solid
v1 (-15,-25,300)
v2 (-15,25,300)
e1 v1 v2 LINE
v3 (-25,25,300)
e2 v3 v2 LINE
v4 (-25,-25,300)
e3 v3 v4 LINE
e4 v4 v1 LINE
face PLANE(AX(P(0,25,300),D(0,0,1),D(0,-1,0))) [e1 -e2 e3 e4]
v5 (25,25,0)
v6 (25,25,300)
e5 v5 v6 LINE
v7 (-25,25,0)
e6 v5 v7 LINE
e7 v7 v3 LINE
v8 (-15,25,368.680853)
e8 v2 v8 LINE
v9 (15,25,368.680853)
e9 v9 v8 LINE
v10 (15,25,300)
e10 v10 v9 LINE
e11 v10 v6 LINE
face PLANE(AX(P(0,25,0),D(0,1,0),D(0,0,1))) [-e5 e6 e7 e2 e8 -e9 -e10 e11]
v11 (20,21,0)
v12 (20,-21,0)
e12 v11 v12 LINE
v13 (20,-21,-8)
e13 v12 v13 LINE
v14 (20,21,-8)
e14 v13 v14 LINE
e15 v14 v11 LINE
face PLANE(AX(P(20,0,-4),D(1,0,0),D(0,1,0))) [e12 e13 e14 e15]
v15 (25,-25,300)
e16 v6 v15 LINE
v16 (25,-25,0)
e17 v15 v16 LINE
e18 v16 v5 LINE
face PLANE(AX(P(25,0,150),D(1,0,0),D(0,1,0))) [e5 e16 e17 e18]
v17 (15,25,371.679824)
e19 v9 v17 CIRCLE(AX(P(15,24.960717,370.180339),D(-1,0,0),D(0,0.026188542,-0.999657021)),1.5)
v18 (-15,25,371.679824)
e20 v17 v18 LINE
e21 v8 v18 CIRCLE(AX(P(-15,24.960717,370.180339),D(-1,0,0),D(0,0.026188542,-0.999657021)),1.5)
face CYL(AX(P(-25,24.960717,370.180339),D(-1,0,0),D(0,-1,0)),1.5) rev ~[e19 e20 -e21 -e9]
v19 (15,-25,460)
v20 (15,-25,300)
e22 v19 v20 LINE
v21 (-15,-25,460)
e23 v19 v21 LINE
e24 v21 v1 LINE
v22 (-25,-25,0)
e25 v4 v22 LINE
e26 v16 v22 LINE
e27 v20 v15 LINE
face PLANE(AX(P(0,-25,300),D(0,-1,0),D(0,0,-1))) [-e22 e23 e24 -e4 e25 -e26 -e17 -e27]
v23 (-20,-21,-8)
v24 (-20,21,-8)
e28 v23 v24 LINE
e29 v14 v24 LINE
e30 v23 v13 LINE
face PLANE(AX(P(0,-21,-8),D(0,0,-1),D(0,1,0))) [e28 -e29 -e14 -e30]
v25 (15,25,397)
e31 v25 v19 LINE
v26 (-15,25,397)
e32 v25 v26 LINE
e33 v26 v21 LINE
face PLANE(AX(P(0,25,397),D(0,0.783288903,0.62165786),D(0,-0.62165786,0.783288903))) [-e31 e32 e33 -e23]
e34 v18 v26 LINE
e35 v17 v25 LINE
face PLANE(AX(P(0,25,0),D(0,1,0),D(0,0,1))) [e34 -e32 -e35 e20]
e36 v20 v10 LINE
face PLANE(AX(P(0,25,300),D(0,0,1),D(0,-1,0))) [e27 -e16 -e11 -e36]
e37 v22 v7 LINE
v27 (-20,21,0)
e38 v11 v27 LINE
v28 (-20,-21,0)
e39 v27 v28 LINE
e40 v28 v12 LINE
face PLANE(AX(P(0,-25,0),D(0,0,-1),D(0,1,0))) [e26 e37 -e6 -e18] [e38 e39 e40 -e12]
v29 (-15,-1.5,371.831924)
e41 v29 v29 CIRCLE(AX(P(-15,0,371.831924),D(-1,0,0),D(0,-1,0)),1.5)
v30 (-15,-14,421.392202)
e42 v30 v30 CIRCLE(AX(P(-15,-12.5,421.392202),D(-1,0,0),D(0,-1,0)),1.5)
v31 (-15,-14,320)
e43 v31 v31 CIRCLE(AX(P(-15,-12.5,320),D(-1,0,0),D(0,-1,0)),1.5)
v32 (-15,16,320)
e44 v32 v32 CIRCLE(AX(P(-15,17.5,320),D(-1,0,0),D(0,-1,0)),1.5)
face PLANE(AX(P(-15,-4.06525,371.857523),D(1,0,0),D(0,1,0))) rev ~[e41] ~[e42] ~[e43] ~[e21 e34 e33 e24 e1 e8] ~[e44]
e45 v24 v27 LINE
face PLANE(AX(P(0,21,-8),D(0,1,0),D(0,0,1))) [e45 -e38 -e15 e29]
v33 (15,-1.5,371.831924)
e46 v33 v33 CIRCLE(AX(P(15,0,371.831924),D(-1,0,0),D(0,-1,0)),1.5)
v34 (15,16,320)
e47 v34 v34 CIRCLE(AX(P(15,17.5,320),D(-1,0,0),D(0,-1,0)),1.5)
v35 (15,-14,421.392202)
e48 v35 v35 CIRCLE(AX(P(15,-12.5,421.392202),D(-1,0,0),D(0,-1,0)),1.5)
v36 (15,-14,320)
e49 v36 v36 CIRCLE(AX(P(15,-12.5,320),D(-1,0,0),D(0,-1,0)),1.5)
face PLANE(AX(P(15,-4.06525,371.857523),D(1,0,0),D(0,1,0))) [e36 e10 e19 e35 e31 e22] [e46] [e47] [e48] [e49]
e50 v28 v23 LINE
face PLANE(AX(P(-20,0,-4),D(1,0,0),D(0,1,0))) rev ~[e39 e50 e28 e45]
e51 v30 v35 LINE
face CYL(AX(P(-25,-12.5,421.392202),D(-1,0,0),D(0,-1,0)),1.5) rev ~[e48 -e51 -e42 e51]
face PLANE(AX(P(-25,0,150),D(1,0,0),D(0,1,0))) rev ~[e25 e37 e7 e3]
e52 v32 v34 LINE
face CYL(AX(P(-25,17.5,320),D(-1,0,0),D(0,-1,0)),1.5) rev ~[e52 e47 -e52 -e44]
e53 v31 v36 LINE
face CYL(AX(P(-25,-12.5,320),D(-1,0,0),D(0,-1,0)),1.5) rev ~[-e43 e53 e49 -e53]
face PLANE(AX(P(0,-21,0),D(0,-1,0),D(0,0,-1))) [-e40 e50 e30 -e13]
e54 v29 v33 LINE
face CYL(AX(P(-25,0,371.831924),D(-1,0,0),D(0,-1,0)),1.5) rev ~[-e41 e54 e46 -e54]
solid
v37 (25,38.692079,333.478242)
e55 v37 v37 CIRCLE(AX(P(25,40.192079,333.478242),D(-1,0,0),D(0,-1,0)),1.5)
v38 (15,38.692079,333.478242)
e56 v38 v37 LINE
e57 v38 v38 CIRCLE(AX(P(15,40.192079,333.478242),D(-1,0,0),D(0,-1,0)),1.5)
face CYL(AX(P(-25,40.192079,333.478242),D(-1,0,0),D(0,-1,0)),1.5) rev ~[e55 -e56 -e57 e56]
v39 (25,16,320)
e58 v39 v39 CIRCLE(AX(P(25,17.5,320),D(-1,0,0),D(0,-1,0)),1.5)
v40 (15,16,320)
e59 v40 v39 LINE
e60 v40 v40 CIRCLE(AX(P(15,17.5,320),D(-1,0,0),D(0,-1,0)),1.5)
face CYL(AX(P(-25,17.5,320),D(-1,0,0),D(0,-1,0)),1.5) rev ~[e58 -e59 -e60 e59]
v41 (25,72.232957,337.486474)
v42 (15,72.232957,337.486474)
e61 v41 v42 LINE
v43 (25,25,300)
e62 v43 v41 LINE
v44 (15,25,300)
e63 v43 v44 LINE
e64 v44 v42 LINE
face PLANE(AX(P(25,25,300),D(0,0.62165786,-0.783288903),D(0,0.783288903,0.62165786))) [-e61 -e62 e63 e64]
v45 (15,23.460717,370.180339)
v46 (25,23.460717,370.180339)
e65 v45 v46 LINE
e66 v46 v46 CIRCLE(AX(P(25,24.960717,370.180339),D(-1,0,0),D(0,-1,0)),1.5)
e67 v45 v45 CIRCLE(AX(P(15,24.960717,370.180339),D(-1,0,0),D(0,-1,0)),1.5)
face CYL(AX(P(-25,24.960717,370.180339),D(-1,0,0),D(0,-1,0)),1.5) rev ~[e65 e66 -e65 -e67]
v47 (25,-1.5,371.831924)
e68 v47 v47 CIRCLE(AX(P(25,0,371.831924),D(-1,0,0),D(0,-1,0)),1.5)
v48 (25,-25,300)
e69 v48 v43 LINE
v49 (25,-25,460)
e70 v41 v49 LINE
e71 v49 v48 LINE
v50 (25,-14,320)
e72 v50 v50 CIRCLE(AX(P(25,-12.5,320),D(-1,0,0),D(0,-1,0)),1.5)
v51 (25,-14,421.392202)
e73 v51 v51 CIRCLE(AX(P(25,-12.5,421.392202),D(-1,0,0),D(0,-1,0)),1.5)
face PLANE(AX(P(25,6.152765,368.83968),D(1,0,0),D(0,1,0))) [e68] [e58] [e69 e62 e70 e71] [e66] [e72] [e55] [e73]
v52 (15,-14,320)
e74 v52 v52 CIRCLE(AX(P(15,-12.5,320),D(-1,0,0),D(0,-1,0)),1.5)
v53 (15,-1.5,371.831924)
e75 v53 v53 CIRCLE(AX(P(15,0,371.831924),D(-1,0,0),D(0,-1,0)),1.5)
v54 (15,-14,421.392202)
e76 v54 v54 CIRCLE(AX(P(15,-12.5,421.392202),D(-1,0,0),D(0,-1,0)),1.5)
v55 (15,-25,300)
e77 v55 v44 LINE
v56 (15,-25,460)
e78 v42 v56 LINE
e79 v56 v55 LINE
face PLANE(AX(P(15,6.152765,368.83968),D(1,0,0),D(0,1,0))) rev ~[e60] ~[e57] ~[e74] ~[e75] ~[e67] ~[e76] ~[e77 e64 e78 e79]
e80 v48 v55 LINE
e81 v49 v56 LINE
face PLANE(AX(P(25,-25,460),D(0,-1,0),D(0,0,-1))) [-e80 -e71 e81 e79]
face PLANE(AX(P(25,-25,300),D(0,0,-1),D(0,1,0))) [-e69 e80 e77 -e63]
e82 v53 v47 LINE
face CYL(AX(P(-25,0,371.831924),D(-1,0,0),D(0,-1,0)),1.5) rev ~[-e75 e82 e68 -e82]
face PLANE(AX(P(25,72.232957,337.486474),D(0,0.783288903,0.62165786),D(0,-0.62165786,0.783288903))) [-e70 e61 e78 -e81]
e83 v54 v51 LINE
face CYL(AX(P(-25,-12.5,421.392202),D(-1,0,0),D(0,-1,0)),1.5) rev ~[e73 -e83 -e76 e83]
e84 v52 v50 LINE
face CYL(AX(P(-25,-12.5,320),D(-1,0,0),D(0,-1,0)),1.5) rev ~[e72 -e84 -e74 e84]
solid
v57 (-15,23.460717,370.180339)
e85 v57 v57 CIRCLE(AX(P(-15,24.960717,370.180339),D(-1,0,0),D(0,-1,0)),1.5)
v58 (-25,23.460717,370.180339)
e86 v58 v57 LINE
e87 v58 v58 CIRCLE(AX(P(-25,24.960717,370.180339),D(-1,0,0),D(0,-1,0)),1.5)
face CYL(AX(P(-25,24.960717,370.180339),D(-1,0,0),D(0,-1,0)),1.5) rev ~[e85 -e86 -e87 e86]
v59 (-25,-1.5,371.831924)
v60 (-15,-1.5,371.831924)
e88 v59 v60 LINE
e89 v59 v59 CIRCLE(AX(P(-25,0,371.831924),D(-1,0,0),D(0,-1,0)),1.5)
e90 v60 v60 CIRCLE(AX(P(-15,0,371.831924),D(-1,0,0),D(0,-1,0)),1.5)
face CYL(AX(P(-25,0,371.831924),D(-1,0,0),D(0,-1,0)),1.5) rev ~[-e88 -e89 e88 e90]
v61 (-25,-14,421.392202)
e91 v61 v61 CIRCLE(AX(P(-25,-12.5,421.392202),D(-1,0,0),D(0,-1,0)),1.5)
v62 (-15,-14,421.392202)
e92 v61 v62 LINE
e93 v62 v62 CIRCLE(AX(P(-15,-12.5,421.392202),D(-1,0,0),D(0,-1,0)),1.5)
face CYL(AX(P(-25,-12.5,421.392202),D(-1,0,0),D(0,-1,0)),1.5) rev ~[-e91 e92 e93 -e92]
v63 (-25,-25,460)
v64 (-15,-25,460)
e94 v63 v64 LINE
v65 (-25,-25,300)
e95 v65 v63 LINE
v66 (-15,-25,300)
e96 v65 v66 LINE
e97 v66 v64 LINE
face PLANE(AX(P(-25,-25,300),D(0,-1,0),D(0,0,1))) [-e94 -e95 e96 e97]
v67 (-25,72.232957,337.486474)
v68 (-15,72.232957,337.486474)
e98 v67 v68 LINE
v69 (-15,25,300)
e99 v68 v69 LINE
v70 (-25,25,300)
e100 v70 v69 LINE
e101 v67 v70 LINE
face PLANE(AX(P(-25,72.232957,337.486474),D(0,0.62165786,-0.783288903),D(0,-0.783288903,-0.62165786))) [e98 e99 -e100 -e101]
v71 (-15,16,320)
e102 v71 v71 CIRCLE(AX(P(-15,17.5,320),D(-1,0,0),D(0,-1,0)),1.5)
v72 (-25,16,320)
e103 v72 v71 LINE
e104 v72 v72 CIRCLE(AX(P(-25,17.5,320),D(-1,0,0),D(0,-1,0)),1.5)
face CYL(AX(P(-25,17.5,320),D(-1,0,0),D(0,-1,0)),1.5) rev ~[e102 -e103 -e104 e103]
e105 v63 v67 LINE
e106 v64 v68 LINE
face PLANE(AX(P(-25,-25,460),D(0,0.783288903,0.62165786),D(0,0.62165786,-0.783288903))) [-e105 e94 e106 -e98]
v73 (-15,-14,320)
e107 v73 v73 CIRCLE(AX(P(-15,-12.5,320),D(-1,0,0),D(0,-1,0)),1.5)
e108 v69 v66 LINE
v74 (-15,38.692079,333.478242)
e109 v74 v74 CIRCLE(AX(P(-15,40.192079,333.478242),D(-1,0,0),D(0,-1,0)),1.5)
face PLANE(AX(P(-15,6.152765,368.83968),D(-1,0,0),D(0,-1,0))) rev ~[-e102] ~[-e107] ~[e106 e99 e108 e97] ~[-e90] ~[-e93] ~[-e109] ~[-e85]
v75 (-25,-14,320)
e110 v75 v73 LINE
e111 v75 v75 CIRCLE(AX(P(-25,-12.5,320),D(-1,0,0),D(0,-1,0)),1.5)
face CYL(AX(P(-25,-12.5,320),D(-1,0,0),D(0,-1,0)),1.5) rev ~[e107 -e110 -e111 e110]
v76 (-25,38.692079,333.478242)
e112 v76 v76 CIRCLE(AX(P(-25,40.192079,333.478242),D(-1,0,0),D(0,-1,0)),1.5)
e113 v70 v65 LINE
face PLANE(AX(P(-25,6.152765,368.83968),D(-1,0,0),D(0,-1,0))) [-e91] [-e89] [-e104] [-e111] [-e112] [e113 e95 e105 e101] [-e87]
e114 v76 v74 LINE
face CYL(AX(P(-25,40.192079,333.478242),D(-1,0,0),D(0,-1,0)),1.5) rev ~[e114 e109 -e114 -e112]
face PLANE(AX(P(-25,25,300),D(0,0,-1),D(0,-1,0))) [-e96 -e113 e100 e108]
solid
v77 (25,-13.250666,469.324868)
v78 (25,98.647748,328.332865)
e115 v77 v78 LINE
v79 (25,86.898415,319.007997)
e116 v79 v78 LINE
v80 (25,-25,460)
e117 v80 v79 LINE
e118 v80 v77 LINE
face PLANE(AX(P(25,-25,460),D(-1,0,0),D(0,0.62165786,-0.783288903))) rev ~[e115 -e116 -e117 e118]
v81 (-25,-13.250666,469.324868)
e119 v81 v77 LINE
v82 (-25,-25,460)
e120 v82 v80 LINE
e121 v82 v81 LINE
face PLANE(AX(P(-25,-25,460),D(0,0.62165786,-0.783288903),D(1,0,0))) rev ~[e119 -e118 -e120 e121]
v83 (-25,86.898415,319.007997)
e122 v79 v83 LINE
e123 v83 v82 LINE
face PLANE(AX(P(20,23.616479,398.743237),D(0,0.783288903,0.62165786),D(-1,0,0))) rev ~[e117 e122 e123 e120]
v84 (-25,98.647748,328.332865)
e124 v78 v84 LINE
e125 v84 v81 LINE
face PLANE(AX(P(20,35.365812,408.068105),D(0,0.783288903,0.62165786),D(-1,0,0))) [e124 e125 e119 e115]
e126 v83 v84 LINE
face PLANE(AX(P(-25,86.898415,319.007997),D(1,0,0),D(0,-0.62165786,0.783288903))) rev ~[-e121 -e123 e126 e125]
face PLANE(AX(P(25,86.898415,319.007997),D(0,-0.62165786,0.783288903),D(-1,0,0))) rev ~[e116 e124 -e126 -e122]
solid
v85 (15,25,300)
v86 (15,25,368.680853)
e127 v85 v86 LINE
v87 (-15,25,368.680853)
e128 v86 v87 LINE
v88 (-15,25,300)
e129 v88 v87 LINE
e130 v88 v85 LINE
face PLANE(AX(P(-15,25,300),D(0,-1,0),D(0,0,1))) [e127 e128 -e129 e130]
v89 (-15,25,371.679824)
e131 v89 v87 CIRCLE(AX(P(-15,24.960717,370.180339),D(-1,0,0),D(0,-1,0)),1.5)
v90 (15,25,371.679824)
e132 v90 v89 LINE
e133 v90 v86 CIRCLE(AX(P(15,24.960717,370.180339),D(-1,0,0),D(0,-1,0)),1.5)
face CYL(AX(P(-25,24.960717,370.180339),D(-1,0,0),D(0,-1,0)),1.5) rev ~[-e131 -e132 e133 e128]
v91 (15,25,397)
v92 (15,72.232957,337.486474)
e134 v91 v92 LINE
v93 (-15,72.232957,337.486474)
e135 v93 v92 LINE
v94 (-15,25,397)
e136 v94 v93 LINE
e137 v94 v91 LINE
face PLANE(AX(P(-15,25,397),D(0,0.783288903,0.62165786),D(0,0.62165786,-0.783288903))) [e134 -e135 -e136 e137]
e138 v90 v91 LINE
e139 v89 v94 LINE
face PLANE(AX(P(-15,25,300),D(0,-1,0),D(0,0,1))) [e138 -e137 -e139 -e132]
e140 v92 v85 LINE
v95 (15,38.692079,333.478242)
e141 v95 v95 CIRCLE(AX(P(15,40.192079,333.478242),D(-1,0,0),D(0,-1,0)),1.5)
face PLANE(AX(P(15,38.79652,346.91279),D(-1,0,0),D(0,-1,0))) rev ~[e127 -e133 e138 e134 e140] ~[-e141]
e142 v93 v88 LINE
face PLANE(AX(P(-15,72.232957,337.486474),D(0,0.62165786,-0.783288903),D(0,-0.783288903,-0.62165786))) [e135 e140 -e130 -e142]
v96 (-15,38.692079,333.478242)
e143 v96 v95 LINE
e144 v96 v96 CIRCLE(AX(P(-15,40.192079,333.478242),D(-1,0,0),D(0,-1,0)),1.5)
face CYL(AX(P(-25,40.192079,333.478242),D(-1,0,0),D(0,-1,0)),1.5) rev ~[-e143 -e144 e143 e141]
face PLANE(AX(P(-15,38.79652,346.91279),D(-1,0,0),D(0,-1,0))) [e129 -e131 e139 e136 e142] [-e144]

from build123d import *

# Parameters (mm, degrees)
F1_DEPTH  = 20
F2_DEPTH  = 25
F3_DEPTH  = 15
F5_DEPTH  = 30
F7_DEPTH  = 10
F9_DEPTH  = 10
F10_R     = 1.5
F11_DEPTH = 50.001
F12_W     = 30
F12_H     = 80.4300938704
F12_H_2   = 75.9790235959
F13_DEPTH = 15


with BuildPart() as f1:
    # F0 (on Right) → F1 (new body, symmetric)
    with BuildSketch(Plane.YZ):
        Polygon((21, 0), (0, 0), (-21, 0), (-21, -8), (0, -8), (21, -8), align=None)
    extrude(amount=F1_DEPTH, both=True)

    # F0 (on Right) → F2 (join, symmetric)
    with BuildSketch(Plane.YZ):
        Polygon((-21, 0), (0, 0), (21, 0), (25, 0), (25, 300), (-25, 300), (-25, 0), align=None)
    extrude(amount=F2_DEPTH, both=True)

    # F0 (on Right) → F3 (join, symmetric)
    with BuildSketch(Plane.YZ):
        Polygon((-25, 460), (-25, 300), (25, 300), (25, 397), align=None)
    extrude(amount=F3_DEPTH, both=True)


with BuildPart() as f5:
    # F4 (on face) → F5 (new body)
    with BuildSketch(Plane(origin=(-15, 0, 0), x_dir=(0, -1, 0), z_dir=(-1, 0, 0))):
        Polygon((-25, 300), (-25, 397), (-72.2329571804, 337.4864739527), align=None)
    extrude(amount=-F5_DEPTH)


with BuildPart() as f7:
    # F6 (on face) → F7 (new body)
    with BuildSketch(Plane(origin=(-25, 0, 0), x_dir=(0, -1, 0), z_dir=(-1, 0, 0))):
        Polygon((-25, 300), (25, 300), (25, 460), (-25, 397), (-72.2329571804, 337.4864739527), align=None)
    extrude(amount=-F7_DEPTH)


with BuildPart() as f9:
    # F8 (on face) → F9 (new body)
    with BuildSketch(Plane.YZ.offset(25)):
        Polygon((25, 397), (-25, 460), (-25, 300), (25, 300), (72.2329571804, 337.4864739527), align=None)
    extrude(amount=-F9_DEPTH)


with BuildPart() as f11_tool:
    # F10 (on face) → F11 (new body, through all)
    with BuildSketch(Plane(origin=(-25, 0, 0), x_dir=(0, -1, 0), z_dir=(-1, 0, 0))):
        with Locations((-40.192078799, 333.4782421589)):
            Circle(F10_R)
        with Locations((-17.5, 320)):
            Circle(F10_R)
        with Locations((12.5, 320)):
            Circle(F10_R)
        with Locations((0, 371.8319237232)):
            Circle(F10_R)
        with Locations((-24.9607171863, 370.1803386211)):
            Circle(F10_R)
        with Locations((12.5, 421.3922023773)):
            Circle(F10_R)
    extrude(amount=-F11_DEPTH)


with BuildPart() as f1_1:
    add(f1.part)

    # F11: cut by f11_tool
    add(f11_tool.part, mode=Mode.SUBTRACT)


with BuildPart() as f5_1:
    add(f5.part)

    # F11: cut by f11_tool
    add(f11_tool.part, mode=Mode.SUBTRACT)


with BuildPart() as f7_1:
    add(f7.part)

    # F11: cut by f11_tool
    add(f11_tool.part, mode=Mode.SUBTRACT)


with BuildPart() as f9_1:
    add(f9.part)

    # F11: cut by f11_tool
    add(f11_tool.part, mode=Mode.SUBTRACT)


with BuildPart() as f13:
    # F12 (on face) → F13 (new body)
    with BuildSketch(Plane(origin=(0, 208.6528056887, 165.5974648323), x_dir=(-1, 0, 0), z_dir=(0, 0.7832889031, 0.6216578596))):
        Polygon((-15, 375.8543418924), (-25, 375.8543418924), (-25, 219.4452244261), (-15, 219.4452244261), (-15, 295.424248022), align=None)
        Polygon((-15, 219.4452244261), (-25, 219.4452244261), (-25, 195.8543418924), (25, 195.8543418924), (25, 219.4452244261), (15, 219.4452244261), align=None)
        with Locations((0, 335.6392949572)):
            Rectangle(F12_W, F12_H)
        Polygon((25, 375.8543418924), (15, 375.8543418924), (15, 295.424248022), (15, 219.4452244261), (25, 219.4452244261), align=None)
        with Locations((0, 257.4347362241)):
            Rectangle(F12_W, F12_H_2)
    extrude(amount=F13_DEPTH)


solid = Compound([f1_1.part, f5_1.part, f7_1.part, f9_1.part, f13.part])
